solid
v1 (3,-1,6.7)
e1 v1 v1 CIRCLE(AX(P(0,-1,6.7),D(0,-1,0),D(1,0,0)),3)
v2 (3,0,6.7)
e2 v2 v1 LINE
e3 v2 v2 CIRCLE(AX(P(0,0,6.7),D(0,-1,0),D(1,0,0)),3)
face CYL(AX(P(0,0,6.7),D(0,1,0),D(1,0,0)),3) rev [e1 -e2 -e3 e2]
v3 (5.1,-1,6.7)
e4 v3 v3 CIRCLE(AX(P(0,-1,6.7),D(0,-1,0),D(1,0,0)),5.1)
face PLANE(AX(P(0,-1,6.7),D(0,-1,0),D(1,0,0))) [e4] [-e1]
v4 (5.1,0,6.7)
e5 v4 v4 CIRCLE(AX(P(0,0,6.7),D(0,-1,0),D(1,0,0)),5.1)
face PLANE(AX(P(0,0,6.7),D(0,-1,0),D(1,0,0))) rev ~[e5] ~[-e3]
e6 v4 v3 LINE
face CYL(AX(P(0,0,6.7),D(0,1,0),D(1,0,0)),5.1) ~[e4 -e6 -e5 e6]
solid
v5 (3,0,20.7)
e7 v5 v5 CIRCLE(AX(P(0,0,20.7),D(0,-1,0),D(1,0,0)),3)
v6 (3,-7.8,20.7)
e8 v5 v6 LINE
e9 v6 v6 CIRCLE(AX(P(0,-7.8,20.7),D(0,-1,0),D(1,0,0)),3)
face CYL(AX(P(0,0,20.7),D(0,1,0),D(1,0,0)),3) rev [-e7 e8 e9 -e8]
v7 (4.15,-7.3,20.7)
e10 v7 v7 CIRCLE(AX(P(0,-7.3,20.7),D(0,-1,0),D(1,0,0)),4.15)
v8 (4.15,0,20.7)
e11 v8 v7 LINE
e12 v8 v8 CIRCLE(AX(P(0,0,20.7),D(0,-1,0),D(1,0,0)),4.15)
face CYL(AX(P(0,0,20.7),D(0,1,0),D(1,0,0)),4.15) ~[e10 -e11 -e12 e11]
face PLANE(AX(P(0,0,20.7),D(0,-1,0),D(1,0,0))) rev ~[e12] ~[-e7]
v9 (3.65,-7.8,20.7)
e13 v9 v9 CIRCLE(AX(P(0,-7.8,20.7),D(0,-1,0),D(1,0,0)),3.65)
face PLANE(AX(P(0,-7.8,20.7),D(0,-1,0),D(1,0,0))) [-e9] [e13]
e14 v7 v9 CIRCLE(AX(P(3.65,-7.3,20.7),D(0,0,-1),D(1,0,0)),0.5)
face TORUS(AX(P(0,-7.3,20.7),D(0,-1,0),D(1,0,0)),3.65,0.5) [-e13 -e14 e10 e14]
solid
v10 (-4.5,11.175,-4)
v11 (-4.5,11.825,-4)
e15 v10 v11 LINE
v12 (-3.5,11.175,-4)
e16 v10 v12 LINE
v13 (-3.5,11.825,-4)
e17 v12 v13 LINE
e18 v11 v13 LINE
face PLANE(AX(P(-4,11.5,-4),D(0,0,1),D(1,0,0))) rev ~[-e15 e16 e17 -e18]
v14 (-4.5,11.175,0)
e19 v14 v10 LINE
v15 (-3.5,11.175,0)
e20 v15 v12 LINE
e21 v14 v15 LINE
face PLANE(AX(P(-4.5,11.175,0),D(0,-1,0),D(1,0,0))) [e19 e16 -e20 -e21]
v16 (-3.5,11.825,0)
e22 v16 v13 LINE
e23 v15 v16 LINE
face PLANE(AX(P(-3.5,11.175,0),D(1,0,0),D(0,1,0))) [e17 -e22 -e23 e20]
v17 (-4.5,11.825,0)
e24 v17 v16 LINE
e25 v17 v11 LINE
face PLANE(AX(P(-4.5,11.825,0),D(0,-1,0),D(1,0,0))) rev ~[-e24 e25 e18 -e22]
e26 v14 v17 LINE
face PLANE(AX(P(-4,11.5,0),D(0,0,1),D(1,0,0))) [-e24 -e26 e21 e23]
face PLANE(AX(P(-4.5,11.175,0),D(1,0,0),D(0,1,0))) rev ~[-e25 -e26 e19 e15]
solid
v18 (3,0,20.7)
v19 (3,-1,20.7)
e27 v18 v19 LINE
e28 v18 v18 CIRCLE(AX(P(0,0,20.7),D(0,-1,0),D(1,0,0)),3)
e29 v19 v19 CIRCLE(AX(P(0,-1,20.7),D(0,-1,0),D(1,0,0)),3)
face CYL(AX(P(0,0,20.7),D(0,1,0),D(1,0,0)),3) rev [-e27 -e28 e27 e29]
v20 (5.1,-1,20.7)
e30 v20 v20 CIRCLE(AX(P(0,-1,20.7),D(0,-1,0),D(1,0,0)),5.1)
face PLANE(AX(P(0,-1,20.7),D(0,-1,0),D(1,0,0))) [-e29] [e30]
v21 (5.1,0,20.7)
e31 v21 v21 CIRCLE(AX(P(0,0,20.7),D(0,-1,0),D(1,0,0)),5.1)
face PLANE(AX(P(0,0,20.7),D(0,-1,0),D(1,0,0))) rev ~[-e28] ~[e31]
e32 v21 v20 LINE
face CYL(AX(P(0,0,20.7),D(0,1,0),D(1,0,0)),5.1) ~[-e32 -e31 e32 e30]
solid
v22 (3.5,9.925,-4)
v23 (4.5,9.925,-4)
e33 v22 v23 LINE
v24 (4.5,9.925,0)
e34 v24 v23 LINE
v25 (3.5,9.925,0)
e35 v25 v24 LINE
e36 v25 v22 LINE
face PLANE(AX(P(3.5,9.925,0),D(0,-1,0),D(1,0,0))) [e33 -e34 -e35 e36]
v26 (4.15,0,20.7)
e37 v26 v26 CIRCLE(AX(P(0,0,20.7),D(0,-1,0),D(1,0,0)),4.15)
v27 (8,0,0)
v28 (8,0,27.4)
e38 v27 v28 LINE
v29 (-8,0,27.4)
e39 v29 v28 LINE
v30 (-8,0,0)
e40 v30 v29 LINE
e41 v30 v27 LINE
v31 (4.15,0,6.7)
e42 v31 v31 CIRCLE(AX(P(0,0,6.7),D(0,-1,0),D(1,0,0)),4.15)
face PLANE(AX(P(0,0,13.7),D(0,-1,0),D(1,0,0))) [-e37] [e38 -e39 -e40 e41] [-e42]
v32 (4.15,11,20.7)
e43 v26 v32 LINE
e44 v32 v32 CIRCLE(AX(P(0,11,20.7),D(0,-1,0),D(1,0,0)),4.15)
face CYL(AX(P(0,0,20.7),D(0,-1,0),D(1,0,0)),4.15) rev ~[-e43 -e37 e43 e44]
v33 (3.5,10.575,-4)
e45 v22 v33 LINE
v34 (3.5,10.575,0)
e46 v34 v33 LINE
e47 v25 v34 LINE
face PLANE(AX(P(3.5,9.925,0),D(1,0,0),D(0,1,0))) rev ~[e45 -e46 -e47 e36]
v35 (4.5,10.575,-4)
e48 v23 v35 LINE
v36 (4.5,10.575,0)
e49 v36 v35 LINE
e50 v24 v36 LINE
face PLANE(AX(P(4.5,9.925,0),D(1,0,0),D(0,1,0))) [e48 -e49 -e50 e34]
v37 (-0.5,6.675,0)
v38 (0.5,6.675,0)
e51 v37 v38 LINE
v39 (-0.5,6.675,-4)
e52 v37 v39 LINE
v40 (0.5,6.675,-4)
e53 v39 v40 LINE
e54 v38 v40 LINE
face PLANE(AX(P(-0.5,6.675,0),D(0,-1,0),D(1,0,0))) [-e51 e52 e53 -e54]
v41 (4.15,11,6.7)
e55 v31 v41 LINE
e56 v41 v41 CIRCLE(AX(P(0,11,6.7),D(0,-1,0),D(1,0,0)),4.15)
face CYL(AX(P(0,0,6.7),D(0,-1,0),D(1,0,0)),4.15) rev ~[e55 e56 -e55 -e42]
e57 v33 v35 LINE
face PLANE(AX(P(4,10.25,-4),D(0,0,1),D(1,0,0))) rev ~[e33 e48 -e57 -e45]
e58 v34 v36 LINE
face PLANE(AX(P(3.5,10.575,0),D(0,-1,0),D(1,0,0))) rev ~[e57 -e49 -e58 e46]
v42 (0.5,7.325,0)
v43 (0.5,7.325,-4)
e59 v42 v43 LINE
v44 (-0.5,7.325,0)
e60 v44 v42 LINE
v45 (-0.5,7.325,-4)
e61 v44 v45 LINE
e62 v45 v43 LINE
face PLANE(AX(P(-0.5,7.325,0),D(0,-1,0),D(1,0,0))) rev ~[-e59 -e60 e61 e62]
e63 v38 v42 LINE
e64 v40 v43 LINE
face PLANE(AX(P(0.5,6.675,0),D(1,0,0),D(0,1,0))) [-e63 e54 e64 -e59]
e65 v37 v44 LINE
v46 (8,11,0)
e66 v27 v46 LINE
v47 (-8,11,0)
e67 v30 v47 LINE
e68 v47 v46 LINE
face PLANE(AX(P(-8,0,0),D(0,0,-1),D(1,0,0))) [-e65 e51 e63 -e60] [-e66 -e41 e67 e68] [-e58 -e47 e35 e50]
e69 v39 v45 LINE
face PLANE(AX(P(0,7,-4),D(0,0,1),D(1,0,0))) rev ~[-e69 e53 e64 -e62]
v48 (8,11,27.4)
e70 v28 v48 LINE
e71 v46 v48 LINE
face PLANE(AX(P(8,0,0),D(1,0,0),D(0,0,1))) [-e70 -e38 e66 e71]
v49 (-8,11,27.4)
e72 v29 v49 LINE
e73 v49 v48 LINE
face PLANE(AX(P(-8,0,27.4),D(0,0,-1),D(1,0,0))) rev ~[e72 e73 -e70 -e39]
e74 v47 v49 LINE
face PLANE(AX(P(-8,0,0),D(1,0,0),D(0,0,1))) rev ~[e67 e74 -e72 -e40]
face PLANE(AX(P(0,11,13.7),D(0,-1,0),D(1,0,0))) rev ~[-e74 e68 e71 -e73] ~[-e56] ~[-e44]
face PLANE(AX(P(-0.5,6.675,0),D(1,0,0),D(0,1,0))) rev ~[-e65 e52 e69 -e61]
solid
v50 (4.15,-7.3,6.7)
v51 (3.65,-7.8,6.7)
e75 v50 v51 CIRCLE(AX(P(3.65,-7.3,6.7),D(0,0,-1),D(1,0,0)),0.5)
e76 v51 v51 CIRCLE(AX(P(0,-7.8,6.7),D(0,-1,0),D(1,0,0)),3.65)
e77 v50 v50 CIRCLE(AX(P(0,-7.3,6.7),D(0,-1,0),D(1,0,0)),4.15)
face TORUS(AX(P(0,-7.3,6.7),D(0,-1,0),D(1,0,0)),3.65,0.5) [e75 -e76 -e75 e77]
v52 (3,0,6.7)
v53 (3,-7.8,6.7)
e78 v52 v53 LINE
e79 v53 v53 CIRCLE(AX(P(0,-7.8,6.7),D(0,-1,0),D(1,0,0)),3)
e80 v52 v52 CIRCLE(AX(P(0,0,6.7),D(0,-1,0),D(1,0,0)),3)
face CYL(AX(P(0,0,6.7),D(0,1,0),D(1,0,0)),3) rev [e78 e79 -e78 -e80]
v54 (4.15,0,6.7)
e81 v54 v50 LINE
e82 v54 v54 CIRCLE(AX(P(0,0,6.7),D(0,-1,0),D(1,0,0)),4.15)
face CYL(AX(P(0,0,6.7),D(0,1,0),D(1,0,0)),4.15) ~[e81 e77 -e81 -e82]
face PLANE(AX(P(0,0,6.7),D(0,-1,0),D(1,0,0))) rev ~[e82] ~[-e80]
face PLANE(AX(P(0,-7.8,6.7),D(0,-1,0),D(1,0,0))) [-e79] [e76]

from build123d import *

# Parameters (mm, degrees)
F0_R     = 4.15
F0_R_2   = 3
F2_DEPTH = 7.8
F3_R     = 0.5
F1_R     = 5.1
F1_R_2   = 3
F4_DEPTH = 1
F0_W     = 16
F0_H     = 27.4
F5_DEPTH = 11
F6_W     = 1
F6_H     = 0.65
F7_DEPTH = 4


with BuildPart() as f2:
    # F0 (on Front) → F2 (new body)
    with BuildSketch(Plane.XZ):
        with Locations((0, 20.7)):
            Circle(F0_R)
        with Locations((0, 20.7)):
            Circle(F0_R_2, mode=Mode.SUBTRACT)
        with Locations((0, 6.7)):
            Circle(F0_R)
        with Locations((0, 6.7)):
            Circle(F0_R_2, mode=Mode.SUBTRACT)
    extrude(amount=F2_DEPTH)

    # F3
    f3_edges = [f2.edges().sort_by_distance(p)[0] for p in [
        (-4.15, -7.8, 20.7),
        (-4.15, -7.8, 6.7),
    ]]
    fillet(f3_edges, radius=F3_R)


with BuildPart() as f4:
    # F1 (on Front) → F4 (new body)
    with BuildSketch(Plane.XZ):
        with Locations((0, 20.7)):
            Circle(F1_R)
        with Locations((0, 20.7)):
            Circle(F1_R_2, mode=Mode.SUBTRACT)
        with Locations((0, 6.7)):
            Circle(F1_R)
        with Locations((0, 6.7)):
            Circle(F1_R_2, mode=Mode.SUBTRACT)
    extrude(amount=F4_DEPTH)


with BuildPart() as f5:
    # F0 (on Front) → F5 (new body)
    with BuildSketch(Plane.XZ):
        with Locations((0, 13.7)):
            Rectangle(F0_W, F0_H)
        with Locations((0, 6.7)):
            Circle(F0_R, mode=Mode.SUBTRACT)
        with Locations((0, 20.7)):
            Circle(F0_R, mode=Mode.SUBTRACT)
    extrude(amount=-F5_DEPTH)

    # F6 (on Top) → F7 (join)
    with BuildSketch(Plane.XY):
        with Locations((0, 7)):
            Rectangle(F6_W, F6_H)
        with Locations((-4, 11.5)):
            Rectangle(F6_W, F6_H)
        with Locations((4, 10.25)):
            Rectangle(F6_W, F6_H)
    extrude(amount=-F7_DEPTH)


solid = Compound([f2.part, f4.part, f5.part])
